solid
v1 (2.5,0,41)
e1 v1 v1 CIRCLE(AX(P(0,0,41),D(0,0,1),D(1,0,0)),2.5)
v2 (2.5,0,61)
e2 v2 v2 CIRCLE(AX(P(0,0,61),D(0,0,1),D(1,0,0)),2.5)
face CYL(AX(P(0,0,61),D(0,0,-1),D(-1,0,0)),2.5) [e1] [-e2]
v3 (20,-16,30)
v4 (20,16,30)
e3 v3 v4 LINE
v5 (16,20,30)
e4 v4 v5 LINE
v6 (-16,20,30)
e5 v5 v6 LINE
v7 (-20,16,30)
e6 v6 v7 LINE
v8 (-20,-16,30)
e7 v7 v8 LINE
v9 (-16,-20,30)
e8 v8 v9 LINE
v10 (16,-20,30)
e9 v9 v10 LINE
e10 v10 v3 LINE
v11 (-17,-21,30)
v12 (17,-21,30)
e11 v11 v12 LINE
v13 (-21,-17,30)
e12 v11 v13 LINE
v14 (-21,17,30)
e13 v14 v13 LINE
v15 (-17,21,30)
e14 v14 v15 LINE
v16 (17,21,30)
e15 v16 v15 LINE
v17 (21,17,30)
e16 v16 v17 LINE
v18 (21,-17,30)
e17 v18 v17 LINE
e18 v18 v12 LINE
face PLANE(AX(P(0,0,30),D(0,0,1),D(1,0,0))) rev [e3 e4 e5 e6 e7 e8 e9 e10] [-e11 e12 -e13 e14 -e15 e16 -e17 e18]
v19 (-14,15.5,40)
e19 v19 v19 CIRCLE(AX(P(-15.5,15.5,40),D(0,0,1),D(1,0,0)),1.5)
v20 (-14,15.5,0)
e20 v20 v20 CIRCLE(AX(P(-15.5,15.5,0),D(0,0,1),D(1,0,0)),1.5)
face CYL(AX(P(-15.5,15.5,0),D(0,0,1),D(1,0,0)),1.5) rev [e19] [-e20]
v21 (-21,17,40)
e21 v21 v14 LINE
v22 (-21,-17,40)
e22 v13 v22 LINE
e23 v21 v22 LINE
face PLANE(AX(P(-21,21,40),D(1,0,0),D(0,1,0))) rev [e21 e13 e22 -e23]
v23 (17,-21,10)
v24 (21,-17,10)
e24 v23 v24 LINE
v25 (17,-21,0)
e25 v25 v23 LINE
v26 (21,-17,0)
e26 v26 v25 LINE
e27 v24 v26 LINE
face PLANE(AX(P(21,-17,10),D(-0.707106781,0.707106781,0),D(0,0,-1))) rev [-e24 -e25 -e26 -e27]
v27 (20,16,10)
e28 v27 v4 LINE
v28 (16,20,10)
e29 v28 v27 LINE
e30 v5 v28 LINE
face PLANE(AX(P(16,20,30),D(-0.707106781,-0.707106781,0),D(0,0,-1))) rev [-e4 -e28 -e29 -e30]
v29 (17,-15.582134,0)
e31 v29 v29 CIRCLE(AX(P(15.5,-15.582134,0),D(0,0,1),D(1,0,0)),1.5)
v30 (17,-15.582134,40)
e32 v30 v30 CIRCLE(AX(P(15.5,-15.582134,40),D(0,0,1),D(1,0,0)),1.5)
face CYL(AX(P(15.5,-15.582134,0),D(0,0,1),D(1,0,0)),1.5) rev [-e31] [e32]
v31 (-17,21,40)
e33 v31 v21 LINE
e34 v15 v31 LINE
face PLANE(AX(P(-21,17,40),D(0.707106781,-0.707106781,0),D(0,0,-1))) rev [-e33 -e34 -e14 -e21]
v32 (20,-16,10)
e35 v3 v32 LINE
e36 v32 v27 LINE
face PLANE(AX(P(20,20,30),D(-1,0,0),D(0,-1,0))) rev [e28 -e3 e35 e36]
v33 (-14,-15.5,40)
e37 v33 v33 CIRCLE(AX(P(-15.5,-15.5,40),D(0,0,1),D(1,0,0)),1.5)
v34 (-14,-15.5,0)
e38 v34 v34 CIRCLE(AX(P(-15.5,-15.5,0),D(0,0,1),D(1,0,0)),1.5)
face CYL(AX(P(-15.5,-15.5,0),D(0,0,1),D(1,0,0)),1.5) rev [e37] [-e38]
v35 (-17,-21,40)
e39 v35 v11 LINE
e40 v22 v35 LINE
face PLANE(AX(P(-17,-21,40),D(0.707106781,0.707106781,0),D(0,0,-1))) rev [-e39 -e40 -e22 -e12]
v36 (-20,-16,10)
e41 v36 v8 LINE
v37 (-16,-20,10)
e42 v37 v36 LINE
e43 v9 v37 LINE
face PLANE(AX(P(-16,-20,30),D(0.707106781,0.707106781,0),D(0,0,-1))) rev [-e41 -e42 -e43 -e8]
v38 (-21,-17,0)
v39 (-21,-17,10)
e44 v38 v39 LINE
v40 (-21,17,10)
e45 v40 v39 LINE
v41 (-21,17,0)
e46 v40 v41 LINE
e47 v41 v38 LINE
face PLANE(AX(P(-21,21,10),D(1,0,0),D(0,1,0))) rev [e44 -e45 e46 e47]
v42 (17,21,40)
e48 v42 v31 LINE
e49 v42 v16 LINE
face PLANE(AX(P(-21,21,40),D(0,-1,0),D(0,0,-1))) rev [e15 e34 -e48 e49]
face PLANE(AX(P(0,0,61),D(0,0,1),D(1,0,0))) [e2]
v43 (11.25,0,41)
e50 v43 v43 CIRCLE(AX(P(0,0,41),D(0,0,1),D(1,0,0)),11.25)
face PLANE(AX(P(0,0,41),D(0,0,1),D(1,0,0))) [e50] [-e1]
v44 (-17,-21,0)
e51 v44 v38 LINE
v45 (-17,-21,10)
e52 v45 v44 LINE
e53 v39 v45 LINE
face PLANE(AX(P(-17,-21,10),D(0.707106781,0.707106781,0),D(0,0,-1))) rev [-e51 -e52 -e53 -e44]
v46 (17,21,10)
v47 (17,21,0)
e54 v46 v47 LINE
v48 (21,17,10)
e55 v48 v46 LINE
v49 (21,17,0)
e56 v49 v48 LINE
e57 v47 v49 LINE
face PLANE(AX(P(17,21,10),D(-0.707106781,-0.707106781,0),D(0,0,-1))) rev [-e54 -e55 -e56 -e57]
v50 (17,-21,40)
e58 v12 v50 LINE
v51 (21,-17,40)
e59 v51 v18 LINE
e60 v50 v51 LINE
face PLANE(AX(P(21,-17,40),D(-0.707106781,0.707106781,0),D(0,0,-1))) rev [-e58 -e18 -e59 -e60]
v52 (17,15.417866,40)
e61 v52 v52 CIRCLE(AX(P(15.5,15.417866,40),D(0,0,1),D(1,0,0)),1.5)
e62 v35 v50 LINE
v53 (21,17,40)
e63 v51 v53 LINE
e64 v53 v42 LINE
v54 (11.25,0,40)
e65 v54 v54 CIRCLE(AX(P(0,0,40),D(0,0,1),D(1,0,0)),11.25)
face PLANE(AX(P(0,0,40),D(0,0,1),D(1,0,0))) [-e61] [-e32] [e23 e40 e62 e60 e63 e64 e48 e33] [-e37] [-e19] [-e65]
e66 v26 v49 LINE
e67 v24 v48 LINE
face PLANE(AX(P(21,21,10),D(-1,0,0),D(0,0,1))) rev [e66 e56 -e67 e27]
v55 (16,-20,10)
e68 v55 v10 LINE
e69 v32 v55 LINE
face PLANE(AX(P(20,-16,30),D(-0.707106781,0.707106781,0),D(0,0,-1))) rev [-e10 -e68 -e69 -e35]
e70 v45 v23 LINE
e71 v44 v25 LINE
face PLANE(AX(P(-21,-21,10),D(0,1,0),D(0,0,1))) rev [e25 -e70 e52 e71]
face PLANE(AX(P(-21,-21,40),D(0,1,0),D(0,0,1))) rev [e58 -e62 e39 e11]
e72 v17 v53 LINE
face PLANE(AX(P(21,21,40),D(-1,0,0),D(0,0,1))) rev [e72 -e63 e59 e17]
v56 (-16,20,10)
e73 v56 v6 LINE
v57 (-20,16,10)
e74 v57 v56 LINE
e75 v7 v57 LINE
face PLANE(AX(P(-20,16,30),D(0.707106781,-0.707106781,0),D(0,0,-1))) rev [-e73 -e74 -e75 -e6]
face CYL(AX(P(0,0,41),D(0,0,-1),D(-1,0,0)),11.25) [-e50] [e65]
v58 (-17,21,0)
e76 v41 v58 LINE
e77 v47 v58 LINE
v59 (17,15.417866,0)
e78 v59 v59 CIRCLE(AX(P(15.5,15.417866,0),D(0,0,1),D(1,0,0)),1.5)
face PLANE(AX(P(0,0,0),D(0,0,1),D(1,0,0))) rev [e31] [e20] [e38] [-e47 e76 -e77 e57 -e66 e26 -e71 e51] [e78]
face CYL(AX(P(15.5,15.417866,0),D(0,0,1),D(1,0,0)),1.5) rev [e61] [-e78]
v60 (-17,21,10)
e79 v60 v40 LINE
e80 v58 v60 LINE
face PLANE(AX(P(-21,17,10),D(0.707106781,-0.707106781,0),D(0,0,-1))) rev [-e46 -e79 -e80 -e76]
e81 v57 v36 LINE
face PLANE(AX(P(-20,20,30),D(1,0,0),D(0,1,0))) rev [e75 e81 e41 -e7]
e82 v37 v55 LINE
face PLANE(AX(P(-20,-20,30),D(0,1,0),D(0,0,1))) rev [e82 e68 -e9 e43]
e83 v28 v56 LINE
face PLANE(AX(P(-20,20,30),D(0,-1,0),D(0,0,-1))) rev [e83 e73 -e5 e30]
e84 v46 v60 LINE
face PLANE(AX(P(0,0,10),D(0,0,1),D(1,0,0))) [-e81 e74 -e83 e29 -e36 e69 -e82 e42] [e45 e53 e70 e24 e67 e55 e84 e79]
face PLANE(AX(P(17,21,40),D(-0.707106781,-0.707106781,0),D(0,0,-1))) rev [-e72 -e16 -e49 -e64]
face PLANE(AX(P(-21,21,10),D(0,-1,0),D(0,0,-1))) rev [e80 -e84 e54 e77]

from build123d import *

# Parameters (mm, degrees)
SKETCH1_W           = 42
SKETCH1_H           = 42
BOSS_EXTRUDE1_DEPTH = 10
SKETCH2_W           = 40
SKETCH2_H           = 40
BOSS_EXTRUDE2_DEPTH = 20
SKETCH3_W           = 42
SKETCH3_H           = 42
BOSS_EXTRUDE3_DEPTH = 10
SKETCH4_R           = 11.25
BOSS_EXTRUDE4_DEPTH = 1
CHAMFER1_SIZE       = 4
SKETCH5_R           = 2.5
BOSS_EXTRUDE5_DEPTH = 20
SKETCH6_R           = 1.5
CUT_EXTRUDE1_DEPTH  = 40


with BuildPart() as part:
    # Sketch1 → Boss-Extrude1 (new body)
    with BuildSketch(Plane.XY):
        Rectangle(SKETCH1_W, SKETCH1_H)
    extrude(amount=BOSS_EXTRUDE1_DEPTH)

    # Sketch2 → Boss-Extrude2 (add)
    with BuildSketch(Plane.XY.offset(10)):
        Rectangle(SKETCH2_W, SKETCH2_H)
    extrude(amount=BOSS_EXTRUDE2_DEPTH)

    # Sketch3 → Boss-Extrude3 (add)
    with BuildSketch(Plane.XY.offset(30)):
        Rectangle(SKETCH3_W, SKETCH3_H)
    extrude(amount=BOSS_EXTRUDE3_DEPTH)

    # Sketch4 → Boss-Extrude4 (add)
    with BuildSketch(Plane.XY.offset(40)):
        Circle(SKETCH4_R)
    extrude(amount=BOSS_EXTRUDE4_DEPTH)

    # Chamfer1
    chamfer1_edges = [part.edges().sort_by_distance(p)[0] for p in [
        (20, -20, 20),
        (20, 20, 20),
        (-20, 20, 20),
        (-20, -20, 20),
        (21, -21, 35),
        (21, 21, 35),
        (-21, 21, 35),
        (-21, -21, 35),
        (21, -21, 5),
        (-21, -21, 5),
        (-21, 21, 5),
        (21, 21, 5),
    ]]
    chamfer(chamfer1_edges, length=CHAMFER1_SIZE)

    # Sketch5 → Boss-Extrude5 (add)
    with BuildSketch(Plane.XY.offset(41)):
        Circle(SKETCH5_R)
    extrude(amount=BOSS_EXTRUDE5_DEPTH)

    # Sketch6 → Cut-Extrude1 (cut)
    with BuildSketch(Plane.XY.offset(40)):
        with Locations((-15.5, -15.5)):
            Circle(SKETCH6_R)
        with Locations((-15.5, 15.5)):
            Circle(SKETCH6_R)
        with Locations((15.5, 15.417865976)):
            Circle(SKETCH6_R)
        with Locations((15.5, -15.582134024)):
            Circle(SKETCH6_R)
    extrude(amount=-CUT_EXTRUDE1_DEPTH, mode=Mode.SUBTRACT)


solid = part.part
